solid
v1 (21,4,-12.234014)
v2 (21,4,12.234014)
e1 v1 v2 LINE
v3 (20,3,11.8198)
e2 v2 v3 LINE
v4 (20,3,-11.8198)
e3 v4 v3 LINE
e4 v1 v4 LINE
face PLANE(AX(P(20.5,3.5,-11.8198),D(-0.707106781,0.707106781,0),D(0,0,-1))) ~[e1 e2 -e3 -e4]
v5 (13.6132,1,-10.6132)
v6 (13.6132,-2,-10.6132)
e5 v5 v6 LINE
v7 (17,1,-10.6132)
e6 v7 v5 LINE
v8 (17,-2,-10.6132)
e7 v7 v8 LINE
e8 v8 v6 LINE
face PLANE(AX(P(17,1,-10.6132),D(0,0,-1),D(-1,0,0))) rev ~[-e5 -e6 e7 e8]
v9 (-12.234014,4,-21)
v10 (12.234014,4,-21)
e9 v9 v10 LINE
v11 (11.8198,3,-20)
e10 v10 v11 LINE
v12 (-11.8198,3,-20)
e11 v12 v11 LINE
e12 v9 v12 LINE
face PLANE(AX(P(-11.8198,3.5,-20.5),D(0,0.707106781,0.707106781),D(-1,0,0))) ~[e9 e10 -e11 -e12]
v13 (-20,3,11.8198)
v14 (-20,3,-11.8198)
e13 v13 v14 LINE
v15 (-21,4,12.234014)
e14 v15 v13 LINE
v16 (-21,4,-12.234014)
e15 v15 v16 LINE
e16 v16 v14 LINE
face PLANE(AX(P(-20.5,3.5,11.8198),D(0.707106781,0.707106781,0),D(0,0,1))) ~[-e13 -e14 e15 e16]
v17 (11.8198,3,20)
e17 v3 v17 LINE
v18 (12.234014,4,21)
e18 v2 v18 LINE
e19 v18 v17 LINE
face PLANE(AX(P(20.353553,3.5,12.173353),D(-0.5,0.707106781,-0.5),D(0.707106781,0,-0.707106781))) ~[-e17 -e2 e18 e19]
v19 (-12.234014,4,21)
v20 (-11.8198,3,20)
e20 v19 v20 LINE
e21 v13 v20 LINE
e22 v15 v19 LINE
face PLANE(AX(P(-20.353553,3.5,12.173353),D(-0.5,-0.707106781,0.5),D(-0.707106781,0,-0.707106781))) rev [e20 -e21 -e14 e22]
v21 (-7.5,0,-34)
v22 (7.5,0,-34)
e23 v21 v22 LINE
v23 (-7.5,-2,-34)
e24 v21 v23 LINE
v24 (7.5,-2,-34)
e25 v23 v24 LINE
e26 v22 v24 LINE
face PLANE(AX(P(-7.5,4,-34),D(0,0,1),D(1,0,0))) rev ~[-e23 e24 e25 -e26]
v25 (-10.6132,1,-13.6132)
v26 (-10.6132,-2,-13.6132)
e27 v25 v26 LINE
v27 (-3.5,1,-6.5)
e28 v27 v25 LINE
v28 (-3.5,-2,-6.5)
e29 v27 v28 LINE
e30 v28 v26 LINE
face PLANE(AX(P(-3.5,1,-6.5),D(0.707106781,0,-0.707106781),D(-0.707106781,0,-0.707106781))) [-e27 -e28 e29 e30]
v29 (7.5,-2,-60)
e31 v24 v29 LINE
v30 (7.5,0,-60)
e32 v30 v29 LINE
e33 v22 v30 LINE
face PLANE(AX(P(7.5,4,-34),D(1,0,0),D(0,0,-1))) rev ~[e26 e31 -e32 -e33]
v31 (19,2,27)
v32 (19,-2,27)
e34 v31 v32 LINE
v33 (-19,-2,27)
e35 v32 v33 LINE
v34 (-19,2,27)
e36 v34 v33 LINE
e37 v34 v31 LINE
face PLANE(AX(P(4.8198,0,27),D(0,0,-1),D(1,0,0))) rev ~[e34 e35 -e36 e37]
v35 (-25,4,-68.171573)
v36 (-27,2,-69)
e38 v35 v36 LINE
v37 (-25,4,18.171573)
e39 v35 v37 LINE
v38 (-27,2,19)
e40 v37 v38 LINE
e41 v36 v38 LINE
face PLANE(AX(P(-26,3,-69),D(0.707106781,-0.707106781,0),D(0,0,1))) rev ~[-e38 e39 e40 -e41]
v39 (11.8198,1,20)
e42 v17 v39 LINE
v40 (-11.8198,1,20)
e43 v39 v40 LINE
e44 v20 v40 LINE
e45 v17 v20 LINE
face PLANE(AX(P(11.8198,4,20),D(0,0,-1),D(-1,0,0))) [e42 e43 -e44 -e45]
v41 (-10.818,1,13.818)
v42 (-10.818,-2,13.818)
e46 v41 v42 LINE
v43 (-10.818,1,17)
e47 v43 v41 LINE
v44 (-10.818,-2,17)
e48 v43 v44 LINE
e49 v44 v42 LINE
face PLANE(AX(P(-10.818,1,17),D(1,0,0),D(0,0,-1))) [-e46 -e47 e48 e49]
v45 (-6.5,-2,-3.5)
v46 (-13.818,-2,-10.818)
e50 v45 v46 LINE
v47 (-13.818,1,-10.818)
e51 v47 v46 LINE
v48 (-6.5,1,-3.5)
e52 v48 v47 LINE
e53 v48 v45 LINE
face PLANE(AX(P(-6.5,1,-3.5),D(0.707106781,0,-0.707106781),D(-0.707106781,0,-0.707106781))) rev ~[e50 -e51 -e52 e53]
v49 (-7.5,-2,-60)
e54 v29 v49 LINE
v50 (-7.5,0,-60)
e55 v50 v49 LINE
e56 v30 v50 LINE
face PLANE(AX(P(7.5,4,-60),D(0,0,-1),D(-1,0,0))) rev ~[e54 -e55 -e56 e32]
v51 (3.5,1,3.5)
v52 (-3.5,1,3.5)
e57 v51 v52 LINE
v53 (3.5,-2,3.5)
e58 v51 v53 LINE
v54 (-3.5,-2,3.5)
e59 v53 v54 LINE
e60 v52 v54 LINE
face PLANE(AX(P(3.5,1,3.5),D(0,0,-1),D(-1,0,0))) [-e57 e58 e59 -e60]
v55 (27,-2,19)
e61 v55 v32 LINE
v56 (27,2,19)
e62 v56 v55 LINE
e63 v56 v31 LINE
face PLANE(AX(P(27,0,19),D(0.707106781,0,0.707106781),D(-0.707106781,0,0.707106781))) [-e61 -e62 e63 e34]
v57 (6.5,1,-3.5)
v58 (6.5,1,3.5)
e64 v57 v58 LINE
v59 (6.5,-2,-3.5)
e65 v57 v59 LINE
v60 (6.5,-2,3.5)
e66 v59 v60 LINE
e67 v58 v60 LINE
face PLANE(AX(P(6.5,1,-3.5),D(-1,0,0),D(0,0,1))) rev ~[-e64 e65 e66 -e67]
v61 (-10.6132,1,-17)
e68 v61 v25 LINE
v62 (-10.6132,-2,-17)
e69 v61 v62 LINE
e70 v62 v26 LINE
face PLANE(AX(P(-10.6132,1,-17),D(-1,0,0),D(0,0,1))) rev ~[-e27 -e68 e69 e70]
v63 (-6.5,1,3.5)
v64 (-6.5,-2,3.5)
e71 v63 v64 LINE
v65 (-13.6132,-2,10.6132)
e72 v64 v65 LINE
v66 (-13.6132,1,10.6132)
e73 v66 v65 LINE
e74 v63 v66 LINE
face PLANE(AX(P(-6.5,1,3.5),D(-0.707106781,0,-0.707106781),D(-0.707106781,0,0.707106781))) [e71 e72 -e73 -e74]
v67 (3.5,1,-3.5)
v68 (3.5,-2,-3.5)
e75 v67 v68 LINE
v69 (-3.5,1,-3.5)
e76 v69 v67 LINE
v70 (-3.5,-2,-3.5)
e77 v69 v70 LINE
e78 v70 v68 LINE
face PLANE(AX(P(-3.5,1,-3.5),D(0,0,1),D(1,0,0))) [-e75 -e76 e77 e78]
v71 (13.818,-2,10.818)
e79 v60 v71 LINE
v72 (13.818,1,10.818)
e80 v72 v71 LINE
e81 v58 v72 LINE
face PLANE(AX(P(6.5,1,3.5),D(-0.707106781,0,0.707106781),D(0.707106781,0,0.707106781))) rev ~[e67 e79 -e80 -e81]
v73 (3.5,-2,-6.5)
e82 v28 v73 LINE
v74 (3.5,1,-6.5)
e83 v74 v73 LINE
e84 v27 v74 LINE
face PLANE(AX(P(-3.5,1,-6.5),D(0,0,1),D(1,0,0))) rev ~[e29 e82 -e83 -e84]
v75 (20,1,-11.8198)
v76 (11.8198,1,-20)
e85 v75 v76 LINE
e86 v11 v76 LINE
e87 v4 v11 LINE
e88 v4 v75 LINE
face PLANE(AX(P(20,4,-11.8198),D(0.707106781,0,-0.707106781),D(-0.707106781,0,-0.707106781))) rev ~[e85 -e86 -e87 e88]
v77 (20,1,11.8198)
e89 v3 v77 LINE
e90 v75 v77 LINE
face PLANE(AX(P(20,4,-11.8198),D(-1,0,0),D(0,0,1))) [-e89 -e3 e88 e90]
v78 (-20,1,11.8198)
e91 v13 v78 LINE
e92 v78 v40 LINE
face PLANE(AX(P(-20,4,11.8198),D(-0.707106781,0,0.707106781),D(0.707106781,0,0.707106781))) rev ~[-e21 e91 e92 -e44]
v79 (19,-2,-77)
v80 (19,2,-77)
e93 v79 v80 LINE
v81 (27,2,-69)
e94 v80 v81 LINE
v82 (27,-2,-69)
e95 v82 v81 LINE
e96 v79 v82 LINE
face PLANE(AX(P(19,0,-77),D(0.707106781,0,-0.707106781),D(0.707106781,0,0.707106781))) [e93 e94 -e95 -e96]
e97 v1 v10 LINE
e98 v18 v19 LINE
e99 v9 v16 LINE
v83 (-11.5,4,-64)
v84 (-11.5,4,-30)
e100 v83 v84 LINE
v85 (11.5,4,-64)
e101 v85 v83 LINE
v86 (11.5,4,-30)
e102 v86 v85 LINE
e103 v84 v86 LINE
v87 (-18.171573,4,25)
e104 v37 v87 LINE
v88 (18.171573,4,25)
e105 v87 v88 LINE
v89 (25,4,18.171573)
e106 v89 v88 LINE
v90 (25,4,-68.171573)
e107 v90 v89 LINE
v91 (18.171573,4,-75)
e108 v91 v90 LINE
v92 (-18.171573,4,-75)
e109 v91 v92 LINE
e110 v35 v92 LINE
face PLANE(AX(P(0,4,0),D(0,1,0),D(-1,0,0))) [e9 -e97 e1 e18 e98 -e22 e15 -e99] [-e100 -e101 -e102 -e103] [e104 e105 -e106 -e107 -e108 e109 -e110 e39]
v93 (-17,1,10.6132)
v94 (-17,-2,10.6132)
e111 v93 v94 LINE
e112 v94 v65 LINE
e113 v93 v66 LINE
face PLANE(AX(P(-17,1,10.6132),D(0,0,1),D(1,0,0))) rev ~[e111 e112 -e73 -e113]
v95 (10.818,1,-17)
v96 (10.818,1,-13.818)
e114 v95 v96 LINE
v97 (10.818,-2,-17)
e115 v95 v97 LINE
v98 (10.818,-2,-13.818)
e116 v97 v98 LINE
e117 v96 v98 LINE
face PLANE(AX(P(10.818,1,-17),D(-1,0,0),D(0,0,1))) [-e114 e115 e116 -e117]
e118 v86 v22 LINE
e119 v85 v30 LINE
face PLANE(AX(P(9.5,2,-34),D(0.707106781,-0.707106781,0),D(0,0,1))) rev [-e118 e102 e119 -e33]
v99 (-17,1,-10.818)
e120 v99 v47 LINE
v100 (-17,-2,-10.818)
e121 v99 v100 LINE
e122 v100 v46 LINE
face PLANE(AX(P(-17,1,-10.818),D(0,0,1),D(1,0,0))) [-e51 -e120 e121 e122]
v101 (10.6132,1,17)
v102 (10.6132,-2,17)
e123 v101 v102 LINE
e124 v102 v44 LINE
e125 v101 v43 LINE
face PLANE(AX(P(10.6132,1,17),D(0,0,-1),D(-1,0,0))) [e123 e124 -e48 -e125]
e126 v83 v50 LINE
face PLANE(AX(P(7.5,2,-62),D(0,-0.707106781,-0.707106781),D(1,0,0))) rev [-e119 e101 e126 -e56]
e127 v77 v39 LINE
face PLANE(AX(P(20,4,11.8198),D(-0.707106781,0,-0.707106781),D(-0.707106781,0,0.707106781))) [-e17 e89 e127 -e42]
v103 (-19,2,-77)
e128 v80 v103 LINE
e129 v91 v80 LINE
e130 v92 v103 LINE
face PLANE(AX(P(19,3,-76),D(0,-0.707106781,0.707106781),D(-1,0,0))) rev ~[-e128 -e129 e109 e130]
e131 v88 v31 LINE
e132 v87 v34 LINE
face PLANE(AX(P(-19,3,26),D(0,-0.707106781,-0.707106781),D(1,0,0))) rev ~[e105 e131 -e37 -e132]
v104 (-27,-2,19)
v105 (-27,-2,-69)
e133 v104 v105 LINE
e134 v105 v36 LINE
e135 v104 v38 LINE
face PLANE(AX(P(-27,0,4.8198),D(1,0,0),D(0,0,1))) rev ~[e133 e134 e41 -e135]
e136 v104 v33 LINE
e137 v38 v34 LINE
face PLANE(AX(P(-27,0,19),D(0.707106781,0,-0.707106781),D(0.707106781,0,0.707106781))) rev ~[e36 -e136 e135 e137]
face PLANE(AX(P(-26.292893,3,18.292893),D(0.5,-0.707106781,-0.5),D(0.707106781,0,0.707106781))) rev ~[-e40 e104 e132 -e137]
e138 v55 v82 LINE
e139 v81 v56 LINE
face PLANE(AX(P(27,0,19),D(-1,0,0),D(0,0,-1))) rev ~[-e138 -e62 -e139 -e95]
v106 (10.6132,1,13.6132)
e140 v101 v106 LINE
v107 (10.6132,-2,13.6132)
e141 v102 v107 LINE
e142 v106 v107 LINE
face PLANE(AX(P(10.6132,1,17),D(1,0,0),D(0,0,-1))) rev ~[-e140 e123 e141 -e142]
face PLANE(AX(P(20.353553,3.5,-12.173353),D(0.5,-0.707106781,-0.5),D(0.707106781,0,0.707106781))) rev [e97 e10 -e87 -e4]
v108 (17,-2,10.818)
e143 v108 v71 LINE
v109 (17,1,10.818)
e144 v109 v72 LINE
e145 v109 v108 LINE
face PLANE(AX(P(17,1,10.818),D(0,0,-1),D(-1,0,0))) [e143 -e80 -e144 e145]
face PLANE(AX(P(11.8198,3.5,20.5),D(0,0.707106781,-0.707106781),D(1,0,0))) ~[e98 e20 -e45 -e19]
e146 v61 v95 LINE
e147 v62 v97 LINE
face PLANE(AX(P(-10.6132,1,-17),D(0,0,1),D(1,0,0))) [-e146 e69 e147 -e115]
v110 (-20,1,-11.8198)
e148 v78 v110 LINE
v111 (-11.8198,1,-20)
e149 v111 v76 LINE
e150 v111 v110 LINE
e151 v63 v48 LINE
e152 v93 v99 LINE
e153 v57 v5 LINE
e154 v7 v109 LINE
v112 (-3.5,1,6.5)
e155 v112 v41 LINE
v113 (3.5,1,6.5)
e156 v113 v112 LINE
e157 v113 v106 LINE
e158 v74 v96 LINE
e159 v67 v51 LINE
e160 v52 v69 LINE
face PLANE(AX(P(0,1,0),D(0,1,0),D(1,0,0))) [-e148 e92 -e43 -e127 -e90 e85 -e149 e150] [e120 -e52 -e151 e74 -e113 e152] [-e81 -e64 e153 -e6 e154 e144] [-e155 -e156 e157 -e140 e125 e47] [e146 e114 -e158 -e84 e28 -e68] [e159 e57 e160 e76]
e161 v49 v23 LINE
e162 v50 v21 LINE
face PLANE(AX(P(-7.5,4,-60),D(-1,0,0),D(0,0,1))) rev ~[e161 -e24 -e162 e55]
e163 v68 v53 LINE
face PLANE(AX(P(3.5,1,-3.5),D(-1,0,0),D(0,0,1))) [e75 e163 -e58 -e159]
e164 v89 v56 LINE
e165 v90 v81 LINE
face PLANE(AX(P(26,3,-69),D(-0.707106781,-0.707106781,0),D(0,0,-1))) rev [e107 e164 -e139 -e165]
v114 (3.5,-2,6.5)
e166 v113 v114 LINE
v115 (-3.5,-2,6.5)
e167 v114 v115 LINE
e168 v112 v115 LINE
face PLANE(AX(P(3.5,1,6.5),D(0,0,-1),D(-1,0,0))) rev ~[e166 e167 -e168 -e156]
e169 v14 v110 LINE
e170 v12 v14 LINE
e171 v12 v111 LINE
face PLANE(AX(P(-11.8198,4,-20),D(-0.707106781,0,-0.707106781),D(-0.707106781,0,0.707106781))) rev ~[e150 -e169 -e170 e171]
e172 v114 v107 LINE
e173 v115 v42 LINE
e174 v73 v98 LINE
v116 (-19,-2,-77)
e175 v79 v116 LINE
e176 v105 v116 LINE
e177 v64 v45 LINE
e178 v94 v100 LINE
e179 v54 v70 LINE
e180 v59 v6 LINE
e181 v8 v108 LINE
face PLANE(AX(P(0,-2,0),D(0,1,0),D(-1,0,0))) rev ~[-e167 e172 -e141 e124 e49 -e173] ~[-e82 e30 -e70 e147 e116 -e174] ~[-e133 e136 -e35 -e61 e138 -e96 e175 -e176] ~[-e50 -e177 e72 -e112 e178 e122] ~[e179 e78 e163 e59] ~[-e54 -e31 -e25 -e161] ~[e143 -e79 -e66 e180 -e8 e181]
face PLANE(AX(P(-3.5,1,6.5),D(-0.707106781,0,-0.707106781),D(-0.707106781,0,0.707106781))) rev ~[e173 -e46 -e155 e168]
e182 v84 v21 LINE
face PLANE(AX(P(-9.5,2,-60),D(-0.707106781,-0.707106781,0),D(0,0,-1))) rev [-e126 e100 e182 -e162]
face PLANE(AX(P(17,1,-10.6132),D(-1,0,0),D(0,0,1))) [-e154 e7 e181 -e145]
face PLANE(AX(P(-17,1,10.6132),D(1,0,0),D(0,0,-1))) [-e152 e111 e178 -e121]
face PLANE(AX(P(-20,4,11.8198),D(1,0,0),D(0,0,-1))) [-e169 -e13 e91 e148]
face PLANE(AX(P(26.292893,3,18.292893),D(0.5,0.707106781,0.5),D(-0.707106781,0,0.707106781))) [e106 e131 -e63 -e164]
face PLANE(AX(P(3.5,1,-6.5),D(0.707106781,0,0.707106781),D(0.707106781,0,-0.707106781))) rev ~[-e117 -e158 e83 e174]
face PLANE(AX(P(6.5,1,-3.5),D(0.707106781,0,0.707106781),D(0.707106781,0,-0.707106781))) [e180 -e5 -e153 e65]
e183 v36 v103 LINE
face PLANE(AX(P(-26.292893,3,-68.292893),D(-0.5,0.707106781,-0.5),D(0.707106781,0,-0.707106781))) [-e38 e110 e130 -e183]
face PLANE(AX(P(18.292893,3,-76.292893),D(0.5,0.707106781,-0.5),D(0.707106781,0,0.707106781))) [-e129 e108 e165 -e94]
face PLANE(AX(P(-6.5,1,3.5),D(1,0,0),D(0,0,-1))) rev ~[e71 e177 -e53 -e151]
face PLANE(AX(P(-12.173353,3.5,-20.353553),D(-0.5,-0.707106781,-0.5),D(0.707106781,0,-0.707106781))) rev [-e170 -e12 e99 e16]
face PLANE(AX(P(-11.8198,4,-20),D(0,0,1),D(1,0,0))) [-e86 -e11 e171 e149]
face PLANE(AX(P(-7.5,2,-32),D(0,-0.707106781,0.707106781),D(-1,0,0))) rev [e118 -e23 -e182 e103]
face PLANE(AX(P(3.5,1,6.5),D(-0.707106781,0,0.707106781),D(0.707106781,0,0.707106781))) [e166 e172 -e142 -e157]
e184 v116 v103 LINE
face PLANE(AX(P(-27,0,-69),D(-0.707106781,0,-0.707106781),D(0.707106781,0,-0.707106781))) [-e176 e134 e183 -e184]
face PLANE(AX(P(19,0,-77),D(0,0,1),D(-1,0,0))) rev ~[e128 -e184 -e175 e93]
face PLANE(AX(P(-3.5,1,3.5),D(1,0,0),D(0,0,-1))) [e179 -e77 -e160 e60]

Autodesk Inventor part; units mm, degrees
ref_plane "YZ Plane" through (0, 0, 0) normal (1, 0, 0) x (0, 1, 0)
ref_plane "XZ Plane" through (0, 0, 0) normal (0, 1, 0) x (-1, 0, 0)
ref_plane "XY Plane" through (0, 0, 0) normal (0, 0, 1) x (1, 0, 0)
sketch "Sketch1" plane through (0, 0, 0) normal (0, 1, 0) x (-1, 0, 0)
  line L0 (-20, 20) -> (20, 20)
  line L1 (20, 20) -> (20, -20)
  line L2 (20, -20) -> (-20, -20)
  line L3 (-20, -20) -> (-20, 20)
  line L4 (-20, 20) -> (20, -20) construction
  line L5 (20, 20) -> (-20, -20) construction
  line L6 (27, 27) -> (-27, 27)
  line L7 (-27, 27) -> (-27, -77)
  line L8 (-27, -77) -> (27, -77)
  line L9 (27, -77) -> (27, 27)
  line L10 (27, -27) -> (-27, -27)
  line L11 (7.5, -39) -> (-7.5, -39)
  line L12 (-7.5, -39) -> (-7.5, -65)
  line L13 (-7.5, -65) -> (7.5, -65)
  line L14 (7.5, -65) -> (7.5, -39)
  line L15 (-27, 19) -> (-19, 27)
  line L16 (27, 19) -> (19, 27)
  line L17 (0, -31.8198) -> (-31.8198, 0)
  line L18 (-31.8198, 0) -> (0, 31.8198)
  line L19 (0, 31.8198) -> (31.8198, 0)
  line L20 (31.8198, 0) -> (0, -31.8198)
  line L21 (0, -31.8198) -> (0, 31.8198) construction
  line L22 (-31.8198, 0) -> (31.8198, 0) construction
  line L23 (-19, -77) -> (-27, -69)
  line L24 (27, -69) -> (19, -77)
  point P0 (0, 0)
  point P1 (20, 0)
  point P2 (0, -27)
  point P3 (0, -65)
  point P4 (-7.5, -52)
  point P5 (-20, -11.8198)
  point P6 (-20, 11.8198)
  point P7 (-11.8198, 20)
  point P8 (11.8198, 20)
  point P9 (20, 11.8198)
  point P10 (20, -11.8198)
  point P11 (11.8198, -20)
  point P12 (-11.8198, -20)
  dimension "d0" = 40
  dimension "d1" = 40
  dimension "d2" = 7
  dimension "d3" = 7
  dimension "d4" = 7
  dimension "d5" = 7
  dimension "d6" = 50
  dimension "d7" = 0
  dimension "d8" = 25
  dimension "d9" = 26
  dimension "d10" = 15
  dimension "d11" = 45
  dimension "d12" = 135
  dimension "d13" = 45
  dimension "d14" = 8
  dimension "d15" = 135
  dimension "d16" = 8
  dimension "d21" = 135
  dimension "d22" = 8
  dimension "d23" = 8
extrude "Extrusion1" add sketch "Sketch1" along normal blind 4 and the other way blind 2 contours L3 L18 L7 L15 L6 L0 | L0 L18 L3 | L18 L6 L19 L0 | L0 L19 L1 L20 L2 L17 L3 L18 | L3 L17 L7 L18 | L19 L6 L16 L9 L1 L0 | L0 L1 L19 | L17 L2 L3 | L3 L2 L17 L10 L7 | L19 L9 L20 L1 | L2 L20 L10 L17 | L20 L9 L10 L2 L1 | L1 L2 L20 | L17 L20 L10 L9 L24 L8 L23 L7 | L10 L20 L17 | L14 L13 L12 L11
sketch "Sketch8" plane through (0, 4, 0) normal (0, 1, 0) x (1, 0, 0)
  line L0 (7.5, 70) -> (7.5, 44) projected
  line L1 (-7.5, 44) -> (-7.5, 70) projected
  line L2 (7.5, 70) -> (-7.5, 70)
  line L3 (-7.5, 70) -> (-7.5, 44)
  line L4 (-7.5, 44) -> (7.5, 44)
  line L5 (7.5, 44) -> (7.5, 70)
  line L6 (-20, 20) -> (20, 20)
  line L7 (20, 20) -> (20, -20)
  line L8 (20, -20) -> (-20, -20)
  line L9 (-20, -20) -> (-20, 20)
  line L10 (20, 11.8198) -> (20, -11.8198) projected
  line L11 (11.8198, -20) -> (-11.8198, -20) projected
  line L12 (-20, -11.8198) -> (-20, 11.8198) projected
  line L13 (-11.8198, 20) -> (11.8198, 20) projected
  line L14 (20, 11.8198) -> (11.8198, 20) projected
  line L15 (20, 11.8198) -> (11.8198, 20)
  line L16 (20, -11.8198) -> (20, 11.8198) projected
  line L17 (20, -11.8198) -> (11.8198, -20) projected
  line L18 (20, -11.8198) -> (11.8198, -20)
  line L19 (-20, -11.8198) -> (-11.8198, -20)
  line L20 (-11.8198, 20) -> (-20, 11.8198)
  point P0 (0, 0)
  point P1 (-11.8198, -20)
  point P2 (11.8198, 20)
  dimension "d35" = 0
  dimension "d36" = 0
  dimension "d37" = 0
  dimension "d38" = 0
extrude "Extrusion3" cut sketch "Sketch8" against normal blind 3 contours L6 L14 L7 L17 L8 L19 L9 L20
sketch "Sketch10" plane through (0, 4, 0) normal (0, 1, 0) x (1, 0, 0)
  line L0 (7.5, 60) -> (-7.5, 60)
  line L1 (-7.5, 60) -> (-7.5, 34)
  line L2 (-7.5, 34) -> (7.5, 34)
  line L3 (7.5, 34) -> (7.5, 60)
  line L4 (19, 77) -> (-19, 77) projected
  point P0 (0, 0)
  point P1 (0, 77)
  point P2 (0, 34)
  point P3 (7.5, 47)
  dimension "d41" = 0
  dimension "d42" = 15
  dimension "d43" = 26
  dimension "d44" = 30
extrude "Extrusion4" cut sketch "Sketch10" against normal through all
chamfer "Chamfer1" distance 4 angle 45 4 edges at (7.5, 4, -47) (0, 4, -60) (-7.5, 4, -47) (0, 4, -34)
sketch "Sketch11" plane through (0, 1, 0) normal (0, 1, 0) x (1, 0, 0)
  line L0 (-3.5, 3.5) -> (3.5, 3.5)
  line L1 (3.5, 3.5) -> (3.5, -3.5)
  line L2 (3.5, -3.5) -> (-3.5, -3.5)
  line L3 (-3.5, -3.5) -> (-3.5, 3.5)
  line L4 (-3.5, 3.5) -> (3.5, -3.5) construction
  line L5 (3.5, 3.5) -> (-3.5, -3.5) construction
  line L6 (17, 10.6132) -> (17, -10.818)
  line L7 (20, 11.8198) -> (20, -11.8198) projected
  line L8 (6.5, 3.5) -> (6.5, -3.5)
  line L9 (17, 10.6132) -> (10.2264, 10.6132)
  line L10 (17, -10.818) -> (11.4927, -10.818)
  line L11 (6.5, -3.5) -> (13.818, -10.818)
  line L12 (6.5, 3.5) -> (13.6132, 10.6132)
  line L13 (20, -11.8198) -> (11.8198, -20) projected
  line L14 (11.8198, 20) -> (20, 11.8198) projected
  point P0 (0, 0)
  point P1 (6.5, 0)
  point P2 (3.5, 0)
  dimension "d50" = 7
  dimension "d51" = 7
  dimension "d52" = 3
  dimension "d53" = 3
  dimension "d54" = 0
  dimension "d55" = 7
extrude "Extrusion5" cut sketch "Sketch11" against normal through all
pattern_circular "Circular Pattern1" count 4 over 360 about axis through (0, -10, 0) along (0, 1, 0) of "Extrusion5"
chamfer "Chamfer2" distance 2 angle 45 8 edges at (-27, 4, -25) (-23, 4, -73) (0, 4, -77) (23, 4, -73) (27, 4, -25) (23, 4, 23) (0, 4, 27) (-23, 4, 23)
chamfer "Chamfer3" distance 1 angle 45 8 edges at (20, 4, 0) (15.9099, 4, -15.9099) (0, 4, -20) (-15.9099, 4, -15.9099) (-20, 4, 0) (-15.9099, 4, 15.9099) (0, 4, 20) (15.9099, 4, 15.9099)
properties part number "front_pannel_v2"
